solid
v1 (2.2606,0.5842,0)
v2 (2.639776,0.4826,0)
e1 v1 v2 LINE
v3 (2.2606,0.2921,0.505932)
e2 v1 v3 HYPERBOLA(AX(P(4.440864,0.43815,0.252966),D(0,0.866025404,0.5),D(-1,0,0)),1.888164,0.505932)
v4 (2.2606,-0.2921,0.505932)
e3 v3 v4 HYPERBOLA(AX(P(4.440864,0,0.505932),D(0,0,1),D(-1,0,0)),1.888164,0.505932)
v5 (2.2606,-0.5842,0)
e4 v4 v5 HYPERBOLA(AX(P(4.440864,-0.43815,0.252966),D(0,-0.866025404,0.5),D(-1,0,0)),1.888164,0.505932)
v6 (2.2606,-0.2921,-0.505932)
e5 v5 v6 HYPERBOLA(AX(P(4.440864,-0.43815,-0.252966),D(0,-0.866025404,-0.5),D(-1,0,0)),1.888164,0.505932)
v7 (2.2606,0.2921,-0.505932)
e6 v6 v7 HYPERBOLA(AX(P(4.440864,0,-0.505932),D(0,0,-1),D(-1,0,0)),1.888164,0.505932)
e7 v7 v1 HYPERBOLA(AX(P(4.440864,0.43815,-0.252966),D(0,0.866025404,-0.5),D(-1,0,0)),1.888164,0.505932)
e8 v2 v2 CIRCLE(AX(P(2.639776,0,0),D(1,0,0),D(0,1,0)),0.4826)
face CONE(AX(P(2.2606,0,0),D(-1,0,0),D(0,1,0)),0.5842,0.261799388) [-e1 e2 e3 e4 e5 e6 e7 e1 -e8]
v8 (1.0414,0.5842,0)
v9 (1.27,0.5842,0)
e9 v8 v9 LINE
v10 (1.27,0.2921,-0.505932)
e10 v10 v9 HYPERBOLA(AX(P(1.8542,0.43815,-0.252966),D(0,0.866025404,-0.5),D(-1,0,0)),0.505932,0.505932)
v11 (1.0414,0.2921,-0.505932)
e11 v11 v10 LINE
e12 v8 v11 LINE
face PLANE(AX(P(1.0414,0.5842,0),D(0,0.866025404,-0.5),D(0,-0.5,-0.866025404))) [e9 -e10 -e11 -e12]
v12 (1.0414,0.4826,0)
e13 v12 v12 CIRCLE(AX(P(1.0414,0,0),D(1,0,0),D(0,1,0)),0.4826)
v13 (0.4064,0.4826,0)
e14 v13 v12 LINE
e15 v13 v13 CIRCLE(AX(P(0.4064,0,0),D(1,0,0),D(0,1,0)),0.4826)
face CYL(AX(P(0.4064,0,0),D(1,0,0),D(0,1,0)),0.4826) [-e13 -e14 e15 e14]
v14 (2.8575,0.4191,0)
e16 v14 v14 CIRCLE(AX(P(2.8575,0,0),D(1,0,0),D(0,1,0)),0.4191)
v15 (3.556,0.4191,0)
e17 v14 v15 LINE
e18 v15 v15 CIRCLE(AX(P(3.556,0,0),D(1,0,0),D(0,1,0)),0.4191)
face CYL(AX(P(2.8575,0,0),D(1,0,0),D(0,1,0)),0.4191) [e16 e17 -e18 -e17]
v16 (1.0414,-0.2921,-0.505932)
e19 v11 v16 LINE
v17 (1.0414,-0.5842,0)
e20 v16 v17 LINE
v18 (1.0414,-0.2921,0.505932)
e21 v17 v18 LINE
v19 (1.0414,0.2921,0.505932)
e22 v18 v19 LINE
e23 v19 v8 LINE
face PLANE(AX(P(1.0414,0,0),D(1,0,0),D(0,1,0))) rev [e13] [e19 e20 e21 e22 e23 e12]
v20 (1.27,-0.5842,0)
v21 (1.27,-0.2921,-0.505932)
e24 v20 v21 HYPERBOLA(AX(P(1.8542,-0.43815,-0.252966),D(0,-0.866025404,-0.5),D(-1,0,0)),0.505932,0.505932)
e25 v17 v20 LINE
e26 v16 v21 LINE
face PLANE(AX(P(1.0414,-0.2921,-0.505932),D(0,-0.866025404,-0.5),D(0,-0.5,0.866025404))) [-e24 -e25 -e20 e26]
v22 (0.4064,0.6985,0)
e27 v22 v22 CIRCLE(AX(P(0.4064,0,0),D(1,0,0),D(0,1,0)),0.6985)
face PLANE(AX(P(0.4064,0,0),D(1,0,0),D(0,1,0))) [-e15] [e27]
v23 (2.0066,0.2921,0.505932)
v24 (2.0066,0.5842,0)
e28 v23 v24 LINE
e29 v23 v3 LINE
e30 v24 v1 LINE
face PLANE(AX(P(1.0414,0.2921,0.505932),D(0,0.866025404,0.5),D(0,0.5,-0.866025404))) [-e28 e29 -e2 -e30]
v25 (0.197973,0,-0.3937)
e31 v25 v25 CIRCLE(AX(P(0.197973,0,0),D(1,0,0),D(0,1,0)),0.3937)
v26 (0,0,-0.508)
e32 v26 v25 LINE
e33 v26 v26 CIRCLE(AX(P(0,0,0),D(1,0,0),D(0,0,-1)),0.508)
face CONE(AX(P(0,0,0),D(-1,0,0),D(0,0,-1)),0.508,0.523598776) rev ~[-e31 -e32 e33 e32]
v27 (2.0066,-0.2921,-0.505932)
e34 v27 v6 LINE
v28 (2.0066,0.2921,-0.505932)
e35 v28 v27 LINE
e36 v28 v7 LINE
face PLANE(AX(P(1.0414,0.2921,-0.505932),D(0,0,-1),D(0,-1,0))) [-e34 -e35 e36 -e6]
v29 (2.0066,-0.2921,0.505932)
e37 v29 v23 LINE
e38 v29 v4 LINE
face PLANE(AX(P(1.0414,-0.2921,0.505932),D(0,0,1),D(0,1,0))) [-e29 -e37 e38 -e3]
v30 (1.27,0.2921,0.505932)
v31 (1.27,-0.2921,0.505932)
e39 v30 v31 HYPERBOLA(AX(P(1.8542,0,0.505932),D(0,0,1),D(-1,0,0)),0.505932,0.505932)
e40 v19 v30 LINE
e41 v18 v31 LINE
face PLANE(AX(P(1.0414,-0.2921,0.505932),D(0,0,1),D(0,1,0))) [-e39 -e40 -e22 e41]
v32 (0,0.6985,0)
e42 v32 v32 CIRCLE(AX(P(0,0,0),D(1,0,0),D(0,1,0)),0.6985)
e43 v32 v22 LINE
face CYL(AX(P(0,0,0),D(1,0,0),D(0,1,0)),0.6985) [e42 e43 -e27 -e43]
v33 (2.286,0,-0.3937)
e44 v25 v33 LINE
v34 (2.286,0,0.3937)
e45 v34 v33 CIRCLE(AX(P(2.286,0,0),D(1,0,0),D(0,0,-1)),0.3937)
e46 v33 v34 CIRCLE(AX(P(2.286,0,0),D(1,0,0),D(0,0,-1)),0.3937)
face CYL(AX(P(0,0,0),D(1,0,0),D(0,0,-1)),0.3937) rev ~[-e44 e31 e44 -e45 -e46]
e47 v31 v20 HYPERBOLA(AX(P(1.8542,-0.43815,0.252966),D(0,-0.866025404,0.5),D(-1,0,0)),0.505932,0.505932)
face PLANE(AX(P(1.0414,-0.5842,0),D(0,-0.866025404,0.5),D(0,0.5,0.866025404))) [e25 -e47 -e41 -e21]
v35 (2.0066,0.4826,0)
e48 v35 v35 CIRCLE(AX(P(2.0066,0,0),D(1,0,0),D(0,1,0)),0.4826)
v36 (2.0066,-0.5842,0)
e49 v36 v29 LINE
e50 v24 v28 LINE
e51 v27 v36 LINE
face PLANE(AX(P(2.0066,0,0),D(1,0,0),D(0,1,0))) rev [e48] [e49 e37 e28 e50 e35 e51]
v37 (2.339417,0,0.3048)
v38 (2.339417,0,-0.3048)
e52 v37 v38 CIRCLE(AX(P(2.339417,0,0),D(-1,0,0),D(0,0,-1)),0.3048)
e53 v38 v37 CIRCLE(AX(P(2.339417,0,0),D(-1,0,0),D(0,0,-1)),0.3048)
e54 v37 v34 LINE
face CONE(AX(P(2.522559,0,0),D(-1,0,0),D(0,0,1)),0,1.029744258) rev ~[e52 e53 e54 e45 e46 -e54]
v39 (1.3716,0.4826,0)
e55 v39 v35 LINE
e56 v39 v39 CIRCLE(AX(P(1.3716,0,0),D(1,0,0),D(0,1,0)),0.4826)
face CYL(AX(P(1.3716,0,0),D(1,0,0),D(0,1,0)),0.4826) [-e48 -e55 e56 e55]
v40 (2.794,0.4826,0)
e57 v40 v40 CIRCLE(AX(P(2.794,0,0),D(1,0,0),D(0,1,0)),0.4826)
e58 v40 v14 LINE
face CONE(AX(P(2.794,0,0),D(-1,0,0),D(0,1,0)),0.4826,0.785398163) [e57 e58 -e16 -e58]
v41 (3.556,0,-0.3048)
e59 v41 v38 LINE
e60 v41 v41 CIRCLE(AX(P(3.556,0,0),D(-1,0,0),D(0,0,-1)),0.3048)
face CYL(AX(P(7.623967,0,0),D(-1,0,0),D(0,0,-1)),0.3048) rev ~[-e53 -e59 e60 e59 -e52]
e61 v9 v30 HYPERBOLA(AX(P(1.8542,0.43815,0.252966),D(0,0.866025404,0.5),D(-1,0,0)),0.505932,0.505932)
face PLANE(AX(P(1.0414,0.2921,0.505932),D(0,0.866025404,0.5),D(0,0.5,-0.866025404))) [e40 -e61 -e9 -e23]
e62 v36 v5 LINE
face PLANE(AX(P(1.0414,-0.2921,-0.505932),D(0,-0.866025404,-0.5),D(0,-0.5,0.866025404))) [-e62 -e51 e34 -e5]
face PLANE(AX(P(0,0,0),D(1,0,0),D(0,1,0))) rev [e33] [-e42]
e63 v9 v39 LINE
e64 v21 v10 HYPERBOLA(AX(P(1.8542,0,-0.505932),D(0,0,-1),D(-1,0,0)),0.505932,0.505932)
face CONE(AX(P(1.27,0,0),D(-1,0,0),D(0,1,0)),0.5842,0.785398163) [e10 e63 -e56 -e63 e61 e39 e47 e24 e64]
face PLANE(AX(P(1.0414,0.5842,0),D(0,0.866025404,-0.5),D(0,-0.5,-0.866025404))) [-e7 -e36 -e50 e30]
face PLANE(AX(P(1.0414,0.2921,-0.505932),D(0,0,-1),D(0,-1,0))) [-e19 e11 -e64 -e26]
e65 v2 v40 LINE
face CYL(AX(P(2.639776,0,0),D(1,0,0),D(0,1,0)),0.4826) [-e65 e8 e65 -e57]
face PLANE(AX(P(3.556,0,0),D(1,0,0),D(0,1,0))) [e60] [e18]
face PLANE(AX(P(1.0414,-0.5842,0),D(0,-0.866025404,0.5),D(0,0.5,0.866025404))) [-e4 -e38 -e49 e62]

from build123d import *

# Parameters (mm, degrees)
HOLE1_D               = 0.7874
HOLE1_DEPTH           = 2.286
HOLE1_CSINK_D         = 1.016
HOLE1_CSINK_ANGLE     = 60
HOLE1_TIP             = 0.236558826
HOLE2_D               = 0.6096
SKETCH6_R             = 0.635
EXTRUSIONBLIND1_DEPTH = 1.6764


with BuildPart() as part:
    # Sketch1 → RevolutionAngle1 (revolve)
    with BuildSketch(Plane.XY):
        Polygon((0.4064, 0.4826), (1.0414, 0.4826), (1.0414, 0.5842), (1.27, 0.5842), (1.3716, 0.4826), (2.0066, 0.4826), (2.0066, 0.5842), (2.2606, 0.5842), (2.639776362, 0.4826), (2.794, 0.4826), (2.8575, 0.4191), (3.556, 0.4191), (3.556, 0), (0, 0), (0, 0.6985), (0.4064, 0.6985), align=None)
    revolve(axis=Axis((0, 0, 0), (1, 0, 0)))

    # Hole1
    with Locations(Plane.ZY):
        with Locations((0, 0)):
            CounterSinkHole(HOLE1_D / 2, HOLE1_CSINK_D / 2, depth=HOLE1_DEPTH, counter_sink_angle=HOLE1_CSINK_ANGLE)
            with Locations((0, 0, -(HOLE1_DEPTH + HOLE1_TIP / 2))):  # 118° drill point
                Cone(0, HOLE1_D / 2, HOLE1_TIP, mode=Mode.SUBTRACT)

    # Hole2 (through all)
    with Locations(Plane(origin=(3.556, 0, 0), x_dir=(0, 0, 1), z_dir=(1, 0, 0))):
        with Locations((0, 0)):
            Hole(HOLE2_D / 2)

    # Sketch6 → ExtrusionBlind1 (cut)
    with BuildSketch(Plane.ZY.offset(-1.0414)):
        Circle(SKETCH6_R)
        Polygon((0, 0.5842), (-0.505932041, 0.2921), (-0.505932041, -0.2921), (0, -0.5842), (0.505932041, -0.2921), (0.505932041, 0.2921), align=None, mode=Mode.SUBTRACT)
    extrude(amount=-EXTRUSIONBLIND1_DEPTH, mode=Mode.SUBTRACT)


solid = part.part
